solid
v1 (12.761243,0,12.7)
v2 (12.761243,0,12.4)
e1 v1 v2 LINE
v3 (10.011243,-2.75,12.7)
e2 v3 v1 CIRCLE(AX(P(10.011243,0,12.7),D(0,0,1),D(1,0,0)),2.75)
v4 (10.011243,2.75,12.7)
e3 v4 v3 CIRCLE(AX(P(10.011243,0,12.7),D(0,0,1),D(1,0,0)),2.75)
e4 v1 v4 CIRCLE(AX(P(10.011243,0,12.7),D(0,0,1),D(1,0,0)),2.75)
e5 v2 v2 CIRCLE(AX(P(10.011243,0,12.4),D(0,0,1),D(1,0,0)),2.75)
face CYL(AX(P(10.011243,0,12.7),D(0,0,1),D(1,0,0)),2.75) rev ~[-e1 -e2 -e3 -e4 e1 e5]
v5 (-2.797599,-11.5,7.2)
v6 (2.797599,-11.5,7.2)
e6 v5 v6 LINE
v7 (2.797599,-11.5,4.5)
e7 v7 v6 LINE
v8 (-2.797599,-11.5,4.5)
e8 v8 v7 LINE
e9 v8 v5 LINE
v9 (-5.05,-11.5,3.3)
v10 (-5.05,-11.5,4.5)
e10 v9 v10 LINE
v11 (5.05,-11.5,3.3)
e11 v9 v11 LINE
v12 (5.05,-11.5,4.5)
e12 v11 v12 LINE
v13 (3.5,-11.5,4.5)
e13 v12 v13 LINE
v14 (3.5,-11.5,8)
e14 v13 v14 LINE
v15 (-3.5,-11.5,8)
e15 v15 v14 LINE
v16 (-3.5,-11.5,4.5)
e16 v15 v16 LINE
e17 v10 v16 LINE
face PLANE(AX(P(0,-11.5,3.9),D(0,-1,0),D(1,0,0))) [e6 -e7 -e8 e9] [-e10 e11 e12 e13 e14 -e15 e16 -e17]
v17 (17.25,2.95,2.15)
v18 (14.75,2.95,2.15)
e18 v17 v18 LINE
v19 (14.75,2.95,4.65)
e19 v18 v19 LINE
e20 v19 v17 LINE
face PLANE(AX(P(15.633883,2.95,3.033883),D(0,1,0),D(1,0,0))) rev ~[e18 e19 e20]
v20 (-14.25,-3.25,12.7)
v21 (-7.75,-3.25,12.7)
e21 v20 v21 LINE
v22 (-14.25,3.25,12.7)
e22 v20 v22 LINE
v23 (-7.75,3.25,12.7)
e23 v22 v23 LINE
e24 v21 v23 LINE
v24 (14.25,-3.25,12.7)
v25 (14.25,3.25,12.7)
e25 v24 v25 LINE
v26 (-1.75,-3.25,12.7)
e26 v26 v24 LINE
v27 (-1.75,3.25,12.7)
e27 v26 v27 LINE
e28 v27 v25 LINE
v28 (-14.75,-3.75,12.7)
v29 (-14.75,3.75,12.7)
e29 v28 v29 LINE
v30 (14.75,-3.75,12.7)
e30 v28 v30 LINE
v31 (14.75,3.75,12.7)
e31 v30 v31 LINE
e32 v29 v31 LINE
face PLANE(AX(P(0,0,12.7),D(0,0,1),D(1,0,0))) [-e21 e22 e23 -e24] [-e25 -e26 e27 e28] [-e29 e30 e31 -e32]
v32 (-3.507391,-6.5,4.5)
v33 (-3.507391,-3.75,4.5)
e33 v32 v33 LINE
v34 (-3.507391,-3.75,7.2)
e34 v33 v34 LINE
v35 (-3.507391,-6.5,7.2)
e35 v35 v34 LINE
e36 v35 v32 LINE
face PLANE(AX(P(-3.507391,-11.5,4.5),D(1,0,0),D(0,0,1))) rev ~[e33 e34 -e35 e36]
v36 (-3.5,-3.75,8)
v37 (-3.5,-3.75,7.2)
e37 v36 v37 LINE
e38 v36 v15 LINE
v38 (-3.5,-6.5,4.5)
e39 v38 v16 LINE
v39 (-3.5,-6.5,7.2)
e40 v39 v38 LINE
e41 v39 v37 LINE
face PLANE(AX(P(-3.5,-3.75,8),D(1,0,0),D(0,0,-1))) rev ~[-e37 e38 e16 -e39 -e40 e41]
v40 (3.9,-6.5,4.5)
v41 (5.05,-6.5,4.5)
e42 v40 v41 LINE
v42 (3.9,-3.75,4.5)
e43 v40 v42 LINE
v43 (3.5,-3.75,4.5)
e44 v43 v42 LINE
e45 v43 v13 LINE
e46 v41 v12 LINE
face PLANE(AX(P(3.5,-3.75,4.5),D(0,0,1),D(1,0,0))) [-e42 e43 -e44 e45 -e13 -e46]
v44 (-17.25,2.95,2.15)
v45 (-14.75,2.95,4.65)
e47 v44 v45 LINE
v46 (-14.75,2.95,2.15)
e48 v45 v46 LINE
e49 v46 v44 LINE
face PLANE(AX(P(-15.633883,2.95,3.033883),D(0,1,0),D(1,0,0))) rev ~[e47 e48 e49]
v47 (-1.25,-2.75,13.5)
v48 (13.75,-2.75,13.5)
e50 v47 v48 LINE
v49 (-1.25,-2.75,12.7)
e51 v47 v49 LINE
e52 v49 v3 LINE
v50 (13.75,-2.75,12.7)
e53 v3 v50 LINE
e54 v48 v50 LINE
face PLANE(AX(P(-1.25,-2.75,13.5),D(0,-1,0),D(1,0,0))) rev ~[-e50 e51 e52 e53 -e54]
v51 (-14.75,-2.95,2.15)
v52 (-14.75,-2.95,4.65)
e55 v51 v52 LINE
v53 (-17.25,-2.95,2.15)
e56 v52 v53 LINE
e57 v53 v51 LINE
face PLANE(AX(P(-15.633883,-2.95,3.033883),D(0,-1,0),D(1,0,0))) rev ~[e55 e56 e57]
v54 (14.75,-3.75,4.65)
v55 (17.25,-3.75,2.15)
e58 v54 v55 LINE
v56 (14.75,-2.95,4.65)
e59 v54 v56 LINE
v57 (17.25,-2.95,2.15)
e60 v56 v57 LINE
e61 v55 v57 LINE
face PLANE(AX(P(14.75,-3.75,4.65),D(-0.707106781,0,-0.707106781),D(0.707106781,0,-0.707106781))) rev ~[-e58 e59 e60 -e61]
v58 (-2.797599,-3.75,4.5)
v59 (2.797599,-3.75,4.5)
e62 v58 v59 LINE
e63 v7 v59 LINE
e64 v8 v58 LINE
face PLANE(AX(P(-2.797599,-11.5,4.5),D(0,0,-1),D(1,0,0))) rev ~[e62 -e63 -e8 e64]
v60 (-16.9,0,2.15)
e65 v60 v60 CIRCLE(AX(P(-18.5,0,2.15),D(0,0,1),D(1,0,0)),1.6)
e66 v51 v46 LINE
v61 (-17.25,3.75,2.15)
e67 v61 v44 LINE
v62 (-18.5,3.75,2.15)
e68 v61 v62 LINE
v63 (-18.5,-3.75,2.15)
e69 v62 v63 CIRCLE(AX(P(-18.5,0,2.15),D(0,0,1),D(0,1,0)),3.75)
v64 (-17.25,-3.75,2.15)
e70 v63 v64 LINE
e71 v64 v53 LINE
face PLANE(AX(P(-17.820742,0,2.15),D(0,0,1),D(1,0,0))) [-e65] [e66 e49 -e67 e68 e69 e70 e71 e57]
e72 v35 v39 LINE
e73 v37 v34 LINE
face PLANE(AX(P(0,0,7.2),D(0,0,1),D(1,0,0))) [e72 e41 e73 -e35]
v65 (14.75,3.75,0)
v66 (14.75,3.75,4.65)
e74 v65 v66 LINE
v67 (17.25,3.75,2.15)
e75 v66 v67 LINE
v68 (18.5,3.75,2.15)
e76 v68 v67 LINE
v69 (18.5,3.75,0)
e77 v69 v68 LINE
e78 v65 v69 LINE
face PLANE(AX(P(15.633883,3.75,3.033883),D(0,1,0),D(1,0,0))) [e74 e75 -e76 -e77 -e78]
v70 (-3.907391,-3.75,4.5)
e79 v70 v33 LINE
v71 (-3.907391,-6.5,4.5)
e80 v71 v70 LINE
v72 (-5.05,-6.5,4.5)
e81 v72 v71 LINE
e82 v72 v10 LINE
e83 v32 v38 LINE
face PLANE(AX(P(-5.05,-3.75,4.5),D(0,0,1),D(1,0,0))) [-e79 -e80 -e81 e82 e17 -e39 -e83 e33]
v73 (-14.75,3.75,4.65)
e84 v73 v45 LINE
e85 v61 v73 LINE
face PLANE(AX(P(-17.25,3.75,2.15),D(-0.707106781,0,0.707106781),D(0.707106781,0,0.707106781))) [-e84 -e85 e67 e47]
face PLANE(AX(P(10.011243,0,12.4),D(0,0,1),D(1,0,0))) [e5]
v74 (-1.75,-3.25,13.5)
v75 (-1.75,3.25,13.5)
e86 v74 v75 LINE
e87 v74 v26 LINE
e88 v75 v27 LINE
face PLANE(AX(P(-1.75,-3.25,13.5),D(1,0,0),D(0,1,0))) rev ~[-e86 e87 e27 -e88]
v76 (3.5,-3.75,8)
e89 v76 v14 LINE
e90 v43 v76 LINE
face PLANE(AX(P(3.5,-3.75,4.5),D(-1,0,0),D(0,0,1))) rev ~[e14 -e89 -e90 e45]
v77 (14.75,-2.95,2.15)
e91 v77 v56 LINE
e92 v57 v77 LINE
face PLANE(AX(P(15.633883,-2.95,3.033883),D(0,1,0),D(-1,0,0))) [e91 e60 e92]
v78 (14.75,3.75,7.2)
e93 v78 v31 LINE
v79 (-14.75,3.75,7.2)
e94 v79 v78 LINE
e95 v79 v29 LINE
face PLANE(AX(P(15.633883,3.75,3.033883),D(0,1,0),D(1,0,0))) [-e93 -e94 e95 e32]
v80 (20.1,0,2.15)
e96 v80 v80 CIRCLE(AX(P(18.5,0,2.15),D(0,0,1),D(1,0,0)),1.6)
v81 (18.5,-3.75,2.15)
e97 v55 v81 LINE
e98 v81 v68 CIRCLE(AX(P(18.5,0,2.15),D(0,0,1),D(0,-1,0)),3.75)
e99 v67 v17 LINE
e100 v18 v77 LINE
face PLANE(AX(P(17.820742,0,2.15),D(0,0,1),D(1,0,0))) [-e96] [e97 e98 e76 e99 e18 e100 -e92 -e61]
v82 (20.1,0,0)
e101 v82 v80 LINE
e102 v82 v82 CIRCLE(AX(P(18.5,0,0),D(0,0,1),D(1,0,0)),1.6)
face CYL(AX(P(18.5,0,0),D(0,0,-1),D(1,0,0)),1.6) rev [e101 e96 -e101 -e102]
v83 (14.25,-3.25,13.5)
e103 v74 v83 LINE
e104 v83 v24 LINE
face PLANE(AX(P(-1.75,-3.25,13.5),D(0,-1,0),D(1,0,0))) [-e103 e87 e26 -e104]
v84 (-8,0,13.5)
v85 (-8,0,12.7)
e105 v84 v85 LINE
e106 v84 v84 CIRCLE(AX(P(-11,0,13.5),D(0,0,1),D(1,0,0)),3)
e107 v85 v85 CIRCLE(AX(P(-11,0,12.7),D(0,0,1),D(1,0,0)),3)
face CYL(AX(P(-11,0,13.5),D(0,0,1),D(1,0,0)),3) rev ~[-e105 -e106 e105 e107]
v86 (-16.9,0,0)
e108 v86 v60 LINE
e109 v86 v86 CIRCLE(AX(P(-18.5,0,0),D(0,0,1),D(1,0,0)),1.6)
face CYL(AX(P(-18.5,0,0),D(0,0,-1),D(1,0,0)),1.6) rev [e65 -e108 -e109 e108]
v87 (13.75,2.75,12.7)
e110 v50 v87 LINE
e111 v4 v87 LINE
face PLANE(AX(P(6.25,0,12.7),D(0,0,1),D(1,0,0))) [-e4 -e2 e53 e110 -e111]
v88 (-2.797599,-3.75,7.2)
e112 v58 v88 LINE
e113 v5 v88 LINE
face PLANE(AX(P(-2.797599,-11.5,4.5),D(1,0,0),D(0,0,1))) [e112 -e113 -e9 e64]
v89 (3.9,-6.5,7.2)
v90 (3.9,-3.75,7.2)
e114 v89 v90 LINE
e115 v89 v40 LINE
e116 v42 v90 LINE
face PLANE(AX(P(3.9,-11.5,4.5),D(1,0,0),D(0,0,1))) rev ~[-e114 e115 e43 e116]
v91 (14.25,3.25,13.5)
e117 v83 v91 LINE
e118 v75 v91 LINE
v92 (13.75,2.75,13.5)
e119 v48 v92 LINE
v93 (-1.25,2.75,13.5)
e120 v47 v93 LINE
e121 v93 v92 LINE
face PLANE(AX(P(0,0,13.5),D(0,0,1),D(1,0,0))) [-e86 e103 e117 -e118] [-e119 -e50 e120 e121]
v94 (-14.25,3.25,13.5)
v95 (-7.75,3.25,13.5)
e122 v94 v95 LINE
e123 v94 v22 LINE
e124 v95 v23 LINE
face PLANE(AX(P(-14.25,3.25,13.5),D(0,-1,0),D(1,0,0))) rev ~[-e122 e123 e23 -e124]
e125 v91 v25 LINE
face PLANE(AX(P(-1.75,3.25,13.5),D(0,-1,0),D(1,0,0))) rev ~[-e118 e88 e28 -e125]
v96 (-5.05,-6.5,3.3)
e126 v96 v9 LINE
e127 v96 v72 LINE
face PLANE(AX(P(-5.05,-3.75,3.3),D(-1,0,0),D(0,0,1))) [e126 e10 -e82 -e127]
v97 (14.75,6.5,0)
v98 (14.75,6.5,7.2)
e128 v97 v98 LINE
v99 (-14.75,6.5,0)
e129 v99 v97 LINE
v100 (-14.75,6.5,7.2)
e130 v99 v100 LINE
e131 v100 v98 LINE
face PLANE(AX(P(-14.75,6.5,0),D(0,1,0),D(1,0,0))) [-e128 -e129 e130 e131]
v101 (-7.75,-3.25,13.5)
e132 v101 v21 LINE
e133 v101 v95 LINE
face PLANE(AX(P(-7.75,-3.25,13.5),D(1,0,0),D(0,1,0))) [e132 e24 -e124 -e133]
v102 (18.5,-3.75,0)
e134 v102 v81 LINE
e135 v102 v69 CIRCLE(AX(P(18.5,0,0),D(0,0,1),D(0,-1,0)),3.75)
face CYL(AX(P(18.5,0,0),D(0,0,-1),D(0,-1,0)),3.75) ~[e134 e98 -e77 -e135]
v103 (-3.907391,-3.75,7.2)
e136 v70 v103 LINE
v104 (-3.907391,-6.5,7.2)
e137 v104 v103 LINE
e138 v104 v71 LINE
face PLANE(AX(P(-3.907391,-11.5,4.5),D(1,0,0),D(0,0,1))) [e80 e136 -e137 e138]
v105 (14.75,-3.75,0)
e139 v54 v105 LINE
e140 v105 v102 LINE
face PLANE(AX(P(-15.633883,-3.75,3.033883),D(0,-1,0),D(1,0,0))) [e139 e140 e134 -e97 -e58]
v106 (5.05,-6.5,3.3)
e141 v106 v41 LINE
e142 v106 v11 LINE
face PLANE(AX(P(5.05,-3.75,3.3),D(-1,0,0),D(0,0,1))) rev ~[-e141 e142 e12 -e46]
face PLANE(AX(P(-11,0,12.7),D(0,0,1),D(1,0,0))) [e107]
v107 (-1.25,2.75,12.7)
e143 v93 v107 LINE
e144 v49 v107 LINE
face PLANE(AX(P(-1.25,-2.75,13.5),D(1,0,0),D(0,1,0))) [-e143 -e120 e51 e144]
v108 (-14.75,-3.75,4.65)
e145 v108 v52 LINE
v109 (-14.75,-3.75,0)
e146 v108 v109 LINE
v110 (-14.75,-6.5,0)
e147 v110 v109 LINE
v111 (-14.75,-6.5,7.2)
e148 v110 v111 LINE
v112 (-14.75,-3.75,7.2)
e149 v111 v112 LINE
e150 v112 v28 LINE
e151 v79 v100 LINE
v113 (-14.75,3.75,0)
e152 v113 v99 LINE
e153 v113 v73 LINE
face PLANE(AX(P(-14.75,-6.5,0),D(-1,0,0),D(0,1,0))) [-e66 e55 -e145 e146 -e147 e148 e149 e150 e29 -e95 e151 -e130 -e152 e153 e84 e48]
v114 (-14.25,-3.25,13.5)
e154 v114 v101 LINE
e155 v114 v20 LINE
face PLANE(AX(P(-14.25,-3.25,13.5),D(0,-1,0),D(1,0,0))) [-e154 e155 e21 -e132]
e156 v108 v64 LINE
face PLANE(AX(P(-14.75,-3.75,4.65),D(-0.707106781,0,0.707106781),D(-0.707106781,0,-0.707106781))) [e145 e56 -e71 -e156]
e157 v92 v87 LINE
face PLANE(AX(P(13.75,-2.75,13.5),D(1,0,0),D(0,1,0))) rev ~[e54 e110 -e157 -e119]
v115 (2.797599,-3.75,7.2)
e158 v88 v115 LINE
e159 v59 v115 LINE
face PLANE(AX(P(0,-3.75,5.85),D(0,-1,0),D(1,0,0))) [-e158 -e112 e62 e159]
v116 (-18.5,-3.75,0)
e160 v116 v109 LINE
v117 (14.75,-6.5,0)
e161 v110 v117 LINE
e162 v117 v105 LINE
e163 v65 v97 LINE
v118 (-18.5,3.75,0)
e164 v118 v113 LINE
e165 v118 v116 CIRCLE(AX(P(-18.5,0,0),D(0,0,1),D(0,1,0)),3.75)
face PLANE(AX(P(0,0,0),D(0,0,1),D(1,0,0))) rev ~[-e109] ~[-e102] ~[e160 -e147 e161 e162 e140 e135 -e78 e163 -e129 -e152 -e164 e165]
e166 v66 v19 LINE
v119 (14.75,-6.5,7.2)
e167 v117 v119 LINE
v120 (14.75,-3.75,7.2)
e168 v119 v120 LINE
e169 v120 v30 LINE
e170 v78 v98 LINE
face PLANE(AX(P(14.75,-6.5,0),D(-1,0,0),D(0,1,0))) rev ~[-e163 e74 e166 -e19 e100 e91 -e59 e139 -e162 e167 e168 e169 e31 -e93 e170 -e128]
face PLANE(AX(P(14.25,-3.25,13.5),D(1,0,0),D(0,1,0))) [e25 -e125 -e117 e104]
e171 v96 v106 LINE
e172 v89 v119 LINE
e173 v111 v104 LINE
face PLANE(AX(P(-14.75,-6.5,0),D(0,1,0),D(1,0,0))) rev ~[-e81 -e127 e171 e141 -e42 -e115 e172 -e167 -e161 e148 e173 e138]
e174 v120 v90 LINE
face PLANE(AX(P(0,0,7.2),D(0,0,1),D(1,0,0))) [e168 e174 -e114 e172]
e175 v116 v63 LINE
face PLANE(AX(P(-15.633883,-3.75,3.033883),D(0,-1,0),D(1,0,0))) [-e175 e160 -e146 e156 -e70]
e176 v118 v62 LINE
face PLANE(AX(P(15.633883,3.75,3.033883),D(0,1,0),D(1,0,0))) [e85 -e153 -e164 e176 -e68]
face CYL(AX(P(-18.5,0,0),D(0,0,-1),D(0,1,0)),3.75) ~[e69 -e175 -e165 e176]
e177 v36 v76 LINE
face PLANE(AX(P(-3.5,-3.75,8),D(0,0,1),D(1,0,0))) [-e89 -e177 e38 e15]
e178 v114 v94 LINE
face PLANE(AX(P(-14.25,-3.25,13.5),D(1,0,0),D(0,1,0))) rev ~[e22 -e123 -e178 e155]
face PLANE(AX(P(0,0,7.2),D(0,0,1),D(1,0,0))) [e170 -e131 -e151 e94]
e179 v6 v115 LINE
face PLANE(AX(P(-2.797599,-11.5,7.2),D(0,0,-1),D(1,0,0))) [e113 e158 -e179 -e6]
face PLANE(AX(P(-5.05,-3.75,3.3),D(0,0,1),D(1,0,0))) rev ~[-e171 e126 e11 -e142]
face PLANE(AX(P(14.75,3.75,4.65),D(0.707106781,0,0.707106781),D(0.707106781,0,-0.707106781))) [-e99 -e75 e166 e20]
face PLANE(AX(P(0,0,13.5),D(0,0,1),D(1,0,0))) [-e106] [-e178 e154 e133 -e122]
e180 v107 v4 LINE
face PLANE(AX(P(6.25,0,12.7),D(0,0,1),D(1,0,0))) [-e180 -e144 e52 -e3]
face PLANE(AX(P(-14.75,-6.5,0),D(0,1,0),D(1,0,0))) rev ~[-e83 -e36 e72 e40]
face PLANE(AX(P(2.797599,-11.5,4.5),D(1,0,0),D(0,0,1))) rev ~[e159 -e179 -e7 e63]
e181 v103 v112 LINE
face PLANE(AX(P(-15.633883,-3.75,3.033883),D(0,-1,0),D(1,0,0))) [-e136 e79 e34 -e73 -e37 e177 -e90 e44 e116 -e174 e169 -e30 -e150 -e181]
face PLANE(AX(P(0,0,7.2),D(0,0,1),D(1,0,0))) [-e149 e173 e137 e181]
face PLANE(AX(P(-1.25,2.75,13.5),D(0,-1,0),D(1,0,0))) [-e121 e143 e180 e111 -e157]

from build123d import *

# Parameters (mm, degrees)
SKETCH_1_W          = 29.5
SKETCH_1_H          = 7.5
EXTRUDE_1_DEPTH     = 13.5
SKETCH_1_4_R        = 1.6
EXTRUDE_2_DEPTH     = 2.15
EXTRUDE_3_DEPTH     = 0.8
EXTRUDE_4_DEPTH     = 0.8
SKETCH_4_W          = 29.5
SKETCH_4_H          = 7.5
SKETCH_4_W_2        = 6.5
SKETCH_4_H_2        = 6.5
SKETCH_4_W_3        = 16
SKETCH_4_W_4        = 15
SKETCH_4_H_3        = 5.5
SKETCH_4_R          = 3
CUT_EXTRUDE_1_DEPTH = 0.8
SKETCH_7_W          = 29.5
SKETCH_7_H          = 13
EXTRUDE_5_DEPTH     = 7.2
SKETCH_10_W         = 10.1
SKETCH_10_H         = 1.2
SKETCH_10_W_2       = 7
SKETCH_10_H_2       = 2.7
SKETCH_10_H_3       = 0.8
EXTRUDE_7_DEPTH     = 7.75
SKETCH_11_W         = 5.595198372
SKETCH_11_H         = 2.7
SKETCH_11_W_2       = 0.4
CUT_EXTRUDE_2_DEPTH = 7.75
SKETCH_12_R         = 2.75
CUT_EXTRUDE_3_DEPTH = 0.3


with BuildPart() as part:
    # 草图1 → 凸台-拉伸1 (new body)
    with BuildSketch(Plane.XY):
        Rectangle(SKETCH_1_W, SKETCH_1_H)
    extrude(amount=EXTRUDE_1_DEPTH)

    # 草图1<4> → 凸台-拉伸2 (add)
    with BuildSketch(Plane.XY):
        with BuildLine():
            Line((-18.5, -3.75), (-14.75, -3.75))
            Line((-14.75, -3.75), (-14.75, 3.75))
            Line((-14.75, 3.75), (-18.5, 3.75))
            ThreePointArc((-18.5, 3.75), (-22.25, 0), (-18.5, -3.75))
        make_face()
        with Locations((-18.5, 0)):
            Circle(SKETCH_1_4_R, mode=Mode.SUBTRACT)
        with BuildLine():
            Line((14.75, -3.75), (18.5, -3.75))
            ThreePointArc((18.5, -3.75), (22.25, 0), (18.5, 3.75))
            Line((18.5, 3.75), (14.75, 3.75))
            Line((14.75, 3.75), (14.75, -3.75))
        make_face()
        with Locations((18.5, 0)):
            Circle(SKETCH_1_4_R, mode=Mode.SUBTRACT)
    extrude(amount=EXTRUDE_2_DEPTH)

    # 草图2 → 凸台-拉伸3 (add)
    with BuildSketch(Plane.XZ.offset(3.75)):
        Polygon((-14.75, 4.65), (-17.25, 2.15), (-14.75, 2.15), align=None)
        Polygon((14.75, 4.65), (17.25, 2.15), (14.75, 2.15), align=None)
    extrude(amount=-EXTRUDE_3_DEPTH)

    # 草图3 → 凸台-拉伸4 (add)
    with BuildSketch(Plane(origin=(0, 3.75, 0), x_dir=(1, 0, 0), z_dir=(0, 1, 0))):
        Polygon((17.25, -2.15), (14.75, -2.15), (14.75, -4.65), align=None)
        Polygon((-14.75, -4.65), (-14.75, -2.15), (-17.25, -2.15), align=None)
    extrude(amount=-EXTRUDE_4_DEPTH)

    # 草图4 → 切除-拉伸1 (cut)
    with BuildSketch(Plane.XY.offset(13.5)):
        Rectangle(SKETCH_4_W, SKETCH_4_H)
        with Locations((-11, 0)):
            Rectangle(SKETCH_4_W_2, SKETCH_4_H_2, mode=Mode.SUBTRACT)
        with Locations((6.25, 0)):
            Rectangle(SKETCH_4_W_3, SKETCH_4_H_2, mode=Mode.SUBTRACT)
        with Locations((6.25, 0)):
            Rectangle(SKETCH_4_W_4, SKETCH_4_H_3)
        with Locations((-11, 0)):
            Circle(SKETCH_4_R)
    extrude(amount=-CUT_EXTRUDE_1_DEPTH, mode=Mode.SUBTRACT)

    # 草图7 → 凸台-拉伸5 (add)
    with BuildSketch(Plane.XY):
        Rectangle(SKETCH_7_W, SKETCH_7_H)
    extrude(amount=EXTRUDE_5_DEPTH)

    # 草图10 → 凸台-拉伸7 (add)
    with BuildSketch(Plane.XZ.offset(3.75)):
        with Locations((0, 3.9)):
            Rectangle(SKETCH_10_W, SKETCH_10_H)
        with Locations((0, 5.85)):
            Rectangle(SKETCH_10_W_2, SKETCH_10_H_2)
        with Locations((0, 7.6)):
            Rectangle(SKETCH_10_W_2, SKETCH_10_H_3)
    extrude(amount=EXTRUDE_7_DEPTH)

    # 草图11 → 切除-拉伸2 (cut)
    with BuildSketch(Plane.XZ.offset(11.5)):
        with Locations((0, 5.85)):
            Rectangle(SKETCH_11_W, SKETCH_11_H)
        with Locations((3.7, 5.85)):
            Rectangle(SKETCH_11_W_2, SKETCH_11_H)
        with Locations((-3.707390598, 5.85)):
            Rectangle(SKETCH_11_W_2, SKETCH_11_H)
    extrude(amount=-CUT_EXTRUDE_2_DEPTH, mode=Mode.SUBTRACT)

    # 草图12 → 切除-拉伸3 (cut)
    with BuildSketch(Plane.XY.offset(12.7)):
        with Locations((10.011243367, 0)):
            Circle(SKETCH_12_R)
    extrude(amount=-CUT_EXTRUDE_3_DEPTH, mode=Mode.SUBTRACT)


solid = part.part
